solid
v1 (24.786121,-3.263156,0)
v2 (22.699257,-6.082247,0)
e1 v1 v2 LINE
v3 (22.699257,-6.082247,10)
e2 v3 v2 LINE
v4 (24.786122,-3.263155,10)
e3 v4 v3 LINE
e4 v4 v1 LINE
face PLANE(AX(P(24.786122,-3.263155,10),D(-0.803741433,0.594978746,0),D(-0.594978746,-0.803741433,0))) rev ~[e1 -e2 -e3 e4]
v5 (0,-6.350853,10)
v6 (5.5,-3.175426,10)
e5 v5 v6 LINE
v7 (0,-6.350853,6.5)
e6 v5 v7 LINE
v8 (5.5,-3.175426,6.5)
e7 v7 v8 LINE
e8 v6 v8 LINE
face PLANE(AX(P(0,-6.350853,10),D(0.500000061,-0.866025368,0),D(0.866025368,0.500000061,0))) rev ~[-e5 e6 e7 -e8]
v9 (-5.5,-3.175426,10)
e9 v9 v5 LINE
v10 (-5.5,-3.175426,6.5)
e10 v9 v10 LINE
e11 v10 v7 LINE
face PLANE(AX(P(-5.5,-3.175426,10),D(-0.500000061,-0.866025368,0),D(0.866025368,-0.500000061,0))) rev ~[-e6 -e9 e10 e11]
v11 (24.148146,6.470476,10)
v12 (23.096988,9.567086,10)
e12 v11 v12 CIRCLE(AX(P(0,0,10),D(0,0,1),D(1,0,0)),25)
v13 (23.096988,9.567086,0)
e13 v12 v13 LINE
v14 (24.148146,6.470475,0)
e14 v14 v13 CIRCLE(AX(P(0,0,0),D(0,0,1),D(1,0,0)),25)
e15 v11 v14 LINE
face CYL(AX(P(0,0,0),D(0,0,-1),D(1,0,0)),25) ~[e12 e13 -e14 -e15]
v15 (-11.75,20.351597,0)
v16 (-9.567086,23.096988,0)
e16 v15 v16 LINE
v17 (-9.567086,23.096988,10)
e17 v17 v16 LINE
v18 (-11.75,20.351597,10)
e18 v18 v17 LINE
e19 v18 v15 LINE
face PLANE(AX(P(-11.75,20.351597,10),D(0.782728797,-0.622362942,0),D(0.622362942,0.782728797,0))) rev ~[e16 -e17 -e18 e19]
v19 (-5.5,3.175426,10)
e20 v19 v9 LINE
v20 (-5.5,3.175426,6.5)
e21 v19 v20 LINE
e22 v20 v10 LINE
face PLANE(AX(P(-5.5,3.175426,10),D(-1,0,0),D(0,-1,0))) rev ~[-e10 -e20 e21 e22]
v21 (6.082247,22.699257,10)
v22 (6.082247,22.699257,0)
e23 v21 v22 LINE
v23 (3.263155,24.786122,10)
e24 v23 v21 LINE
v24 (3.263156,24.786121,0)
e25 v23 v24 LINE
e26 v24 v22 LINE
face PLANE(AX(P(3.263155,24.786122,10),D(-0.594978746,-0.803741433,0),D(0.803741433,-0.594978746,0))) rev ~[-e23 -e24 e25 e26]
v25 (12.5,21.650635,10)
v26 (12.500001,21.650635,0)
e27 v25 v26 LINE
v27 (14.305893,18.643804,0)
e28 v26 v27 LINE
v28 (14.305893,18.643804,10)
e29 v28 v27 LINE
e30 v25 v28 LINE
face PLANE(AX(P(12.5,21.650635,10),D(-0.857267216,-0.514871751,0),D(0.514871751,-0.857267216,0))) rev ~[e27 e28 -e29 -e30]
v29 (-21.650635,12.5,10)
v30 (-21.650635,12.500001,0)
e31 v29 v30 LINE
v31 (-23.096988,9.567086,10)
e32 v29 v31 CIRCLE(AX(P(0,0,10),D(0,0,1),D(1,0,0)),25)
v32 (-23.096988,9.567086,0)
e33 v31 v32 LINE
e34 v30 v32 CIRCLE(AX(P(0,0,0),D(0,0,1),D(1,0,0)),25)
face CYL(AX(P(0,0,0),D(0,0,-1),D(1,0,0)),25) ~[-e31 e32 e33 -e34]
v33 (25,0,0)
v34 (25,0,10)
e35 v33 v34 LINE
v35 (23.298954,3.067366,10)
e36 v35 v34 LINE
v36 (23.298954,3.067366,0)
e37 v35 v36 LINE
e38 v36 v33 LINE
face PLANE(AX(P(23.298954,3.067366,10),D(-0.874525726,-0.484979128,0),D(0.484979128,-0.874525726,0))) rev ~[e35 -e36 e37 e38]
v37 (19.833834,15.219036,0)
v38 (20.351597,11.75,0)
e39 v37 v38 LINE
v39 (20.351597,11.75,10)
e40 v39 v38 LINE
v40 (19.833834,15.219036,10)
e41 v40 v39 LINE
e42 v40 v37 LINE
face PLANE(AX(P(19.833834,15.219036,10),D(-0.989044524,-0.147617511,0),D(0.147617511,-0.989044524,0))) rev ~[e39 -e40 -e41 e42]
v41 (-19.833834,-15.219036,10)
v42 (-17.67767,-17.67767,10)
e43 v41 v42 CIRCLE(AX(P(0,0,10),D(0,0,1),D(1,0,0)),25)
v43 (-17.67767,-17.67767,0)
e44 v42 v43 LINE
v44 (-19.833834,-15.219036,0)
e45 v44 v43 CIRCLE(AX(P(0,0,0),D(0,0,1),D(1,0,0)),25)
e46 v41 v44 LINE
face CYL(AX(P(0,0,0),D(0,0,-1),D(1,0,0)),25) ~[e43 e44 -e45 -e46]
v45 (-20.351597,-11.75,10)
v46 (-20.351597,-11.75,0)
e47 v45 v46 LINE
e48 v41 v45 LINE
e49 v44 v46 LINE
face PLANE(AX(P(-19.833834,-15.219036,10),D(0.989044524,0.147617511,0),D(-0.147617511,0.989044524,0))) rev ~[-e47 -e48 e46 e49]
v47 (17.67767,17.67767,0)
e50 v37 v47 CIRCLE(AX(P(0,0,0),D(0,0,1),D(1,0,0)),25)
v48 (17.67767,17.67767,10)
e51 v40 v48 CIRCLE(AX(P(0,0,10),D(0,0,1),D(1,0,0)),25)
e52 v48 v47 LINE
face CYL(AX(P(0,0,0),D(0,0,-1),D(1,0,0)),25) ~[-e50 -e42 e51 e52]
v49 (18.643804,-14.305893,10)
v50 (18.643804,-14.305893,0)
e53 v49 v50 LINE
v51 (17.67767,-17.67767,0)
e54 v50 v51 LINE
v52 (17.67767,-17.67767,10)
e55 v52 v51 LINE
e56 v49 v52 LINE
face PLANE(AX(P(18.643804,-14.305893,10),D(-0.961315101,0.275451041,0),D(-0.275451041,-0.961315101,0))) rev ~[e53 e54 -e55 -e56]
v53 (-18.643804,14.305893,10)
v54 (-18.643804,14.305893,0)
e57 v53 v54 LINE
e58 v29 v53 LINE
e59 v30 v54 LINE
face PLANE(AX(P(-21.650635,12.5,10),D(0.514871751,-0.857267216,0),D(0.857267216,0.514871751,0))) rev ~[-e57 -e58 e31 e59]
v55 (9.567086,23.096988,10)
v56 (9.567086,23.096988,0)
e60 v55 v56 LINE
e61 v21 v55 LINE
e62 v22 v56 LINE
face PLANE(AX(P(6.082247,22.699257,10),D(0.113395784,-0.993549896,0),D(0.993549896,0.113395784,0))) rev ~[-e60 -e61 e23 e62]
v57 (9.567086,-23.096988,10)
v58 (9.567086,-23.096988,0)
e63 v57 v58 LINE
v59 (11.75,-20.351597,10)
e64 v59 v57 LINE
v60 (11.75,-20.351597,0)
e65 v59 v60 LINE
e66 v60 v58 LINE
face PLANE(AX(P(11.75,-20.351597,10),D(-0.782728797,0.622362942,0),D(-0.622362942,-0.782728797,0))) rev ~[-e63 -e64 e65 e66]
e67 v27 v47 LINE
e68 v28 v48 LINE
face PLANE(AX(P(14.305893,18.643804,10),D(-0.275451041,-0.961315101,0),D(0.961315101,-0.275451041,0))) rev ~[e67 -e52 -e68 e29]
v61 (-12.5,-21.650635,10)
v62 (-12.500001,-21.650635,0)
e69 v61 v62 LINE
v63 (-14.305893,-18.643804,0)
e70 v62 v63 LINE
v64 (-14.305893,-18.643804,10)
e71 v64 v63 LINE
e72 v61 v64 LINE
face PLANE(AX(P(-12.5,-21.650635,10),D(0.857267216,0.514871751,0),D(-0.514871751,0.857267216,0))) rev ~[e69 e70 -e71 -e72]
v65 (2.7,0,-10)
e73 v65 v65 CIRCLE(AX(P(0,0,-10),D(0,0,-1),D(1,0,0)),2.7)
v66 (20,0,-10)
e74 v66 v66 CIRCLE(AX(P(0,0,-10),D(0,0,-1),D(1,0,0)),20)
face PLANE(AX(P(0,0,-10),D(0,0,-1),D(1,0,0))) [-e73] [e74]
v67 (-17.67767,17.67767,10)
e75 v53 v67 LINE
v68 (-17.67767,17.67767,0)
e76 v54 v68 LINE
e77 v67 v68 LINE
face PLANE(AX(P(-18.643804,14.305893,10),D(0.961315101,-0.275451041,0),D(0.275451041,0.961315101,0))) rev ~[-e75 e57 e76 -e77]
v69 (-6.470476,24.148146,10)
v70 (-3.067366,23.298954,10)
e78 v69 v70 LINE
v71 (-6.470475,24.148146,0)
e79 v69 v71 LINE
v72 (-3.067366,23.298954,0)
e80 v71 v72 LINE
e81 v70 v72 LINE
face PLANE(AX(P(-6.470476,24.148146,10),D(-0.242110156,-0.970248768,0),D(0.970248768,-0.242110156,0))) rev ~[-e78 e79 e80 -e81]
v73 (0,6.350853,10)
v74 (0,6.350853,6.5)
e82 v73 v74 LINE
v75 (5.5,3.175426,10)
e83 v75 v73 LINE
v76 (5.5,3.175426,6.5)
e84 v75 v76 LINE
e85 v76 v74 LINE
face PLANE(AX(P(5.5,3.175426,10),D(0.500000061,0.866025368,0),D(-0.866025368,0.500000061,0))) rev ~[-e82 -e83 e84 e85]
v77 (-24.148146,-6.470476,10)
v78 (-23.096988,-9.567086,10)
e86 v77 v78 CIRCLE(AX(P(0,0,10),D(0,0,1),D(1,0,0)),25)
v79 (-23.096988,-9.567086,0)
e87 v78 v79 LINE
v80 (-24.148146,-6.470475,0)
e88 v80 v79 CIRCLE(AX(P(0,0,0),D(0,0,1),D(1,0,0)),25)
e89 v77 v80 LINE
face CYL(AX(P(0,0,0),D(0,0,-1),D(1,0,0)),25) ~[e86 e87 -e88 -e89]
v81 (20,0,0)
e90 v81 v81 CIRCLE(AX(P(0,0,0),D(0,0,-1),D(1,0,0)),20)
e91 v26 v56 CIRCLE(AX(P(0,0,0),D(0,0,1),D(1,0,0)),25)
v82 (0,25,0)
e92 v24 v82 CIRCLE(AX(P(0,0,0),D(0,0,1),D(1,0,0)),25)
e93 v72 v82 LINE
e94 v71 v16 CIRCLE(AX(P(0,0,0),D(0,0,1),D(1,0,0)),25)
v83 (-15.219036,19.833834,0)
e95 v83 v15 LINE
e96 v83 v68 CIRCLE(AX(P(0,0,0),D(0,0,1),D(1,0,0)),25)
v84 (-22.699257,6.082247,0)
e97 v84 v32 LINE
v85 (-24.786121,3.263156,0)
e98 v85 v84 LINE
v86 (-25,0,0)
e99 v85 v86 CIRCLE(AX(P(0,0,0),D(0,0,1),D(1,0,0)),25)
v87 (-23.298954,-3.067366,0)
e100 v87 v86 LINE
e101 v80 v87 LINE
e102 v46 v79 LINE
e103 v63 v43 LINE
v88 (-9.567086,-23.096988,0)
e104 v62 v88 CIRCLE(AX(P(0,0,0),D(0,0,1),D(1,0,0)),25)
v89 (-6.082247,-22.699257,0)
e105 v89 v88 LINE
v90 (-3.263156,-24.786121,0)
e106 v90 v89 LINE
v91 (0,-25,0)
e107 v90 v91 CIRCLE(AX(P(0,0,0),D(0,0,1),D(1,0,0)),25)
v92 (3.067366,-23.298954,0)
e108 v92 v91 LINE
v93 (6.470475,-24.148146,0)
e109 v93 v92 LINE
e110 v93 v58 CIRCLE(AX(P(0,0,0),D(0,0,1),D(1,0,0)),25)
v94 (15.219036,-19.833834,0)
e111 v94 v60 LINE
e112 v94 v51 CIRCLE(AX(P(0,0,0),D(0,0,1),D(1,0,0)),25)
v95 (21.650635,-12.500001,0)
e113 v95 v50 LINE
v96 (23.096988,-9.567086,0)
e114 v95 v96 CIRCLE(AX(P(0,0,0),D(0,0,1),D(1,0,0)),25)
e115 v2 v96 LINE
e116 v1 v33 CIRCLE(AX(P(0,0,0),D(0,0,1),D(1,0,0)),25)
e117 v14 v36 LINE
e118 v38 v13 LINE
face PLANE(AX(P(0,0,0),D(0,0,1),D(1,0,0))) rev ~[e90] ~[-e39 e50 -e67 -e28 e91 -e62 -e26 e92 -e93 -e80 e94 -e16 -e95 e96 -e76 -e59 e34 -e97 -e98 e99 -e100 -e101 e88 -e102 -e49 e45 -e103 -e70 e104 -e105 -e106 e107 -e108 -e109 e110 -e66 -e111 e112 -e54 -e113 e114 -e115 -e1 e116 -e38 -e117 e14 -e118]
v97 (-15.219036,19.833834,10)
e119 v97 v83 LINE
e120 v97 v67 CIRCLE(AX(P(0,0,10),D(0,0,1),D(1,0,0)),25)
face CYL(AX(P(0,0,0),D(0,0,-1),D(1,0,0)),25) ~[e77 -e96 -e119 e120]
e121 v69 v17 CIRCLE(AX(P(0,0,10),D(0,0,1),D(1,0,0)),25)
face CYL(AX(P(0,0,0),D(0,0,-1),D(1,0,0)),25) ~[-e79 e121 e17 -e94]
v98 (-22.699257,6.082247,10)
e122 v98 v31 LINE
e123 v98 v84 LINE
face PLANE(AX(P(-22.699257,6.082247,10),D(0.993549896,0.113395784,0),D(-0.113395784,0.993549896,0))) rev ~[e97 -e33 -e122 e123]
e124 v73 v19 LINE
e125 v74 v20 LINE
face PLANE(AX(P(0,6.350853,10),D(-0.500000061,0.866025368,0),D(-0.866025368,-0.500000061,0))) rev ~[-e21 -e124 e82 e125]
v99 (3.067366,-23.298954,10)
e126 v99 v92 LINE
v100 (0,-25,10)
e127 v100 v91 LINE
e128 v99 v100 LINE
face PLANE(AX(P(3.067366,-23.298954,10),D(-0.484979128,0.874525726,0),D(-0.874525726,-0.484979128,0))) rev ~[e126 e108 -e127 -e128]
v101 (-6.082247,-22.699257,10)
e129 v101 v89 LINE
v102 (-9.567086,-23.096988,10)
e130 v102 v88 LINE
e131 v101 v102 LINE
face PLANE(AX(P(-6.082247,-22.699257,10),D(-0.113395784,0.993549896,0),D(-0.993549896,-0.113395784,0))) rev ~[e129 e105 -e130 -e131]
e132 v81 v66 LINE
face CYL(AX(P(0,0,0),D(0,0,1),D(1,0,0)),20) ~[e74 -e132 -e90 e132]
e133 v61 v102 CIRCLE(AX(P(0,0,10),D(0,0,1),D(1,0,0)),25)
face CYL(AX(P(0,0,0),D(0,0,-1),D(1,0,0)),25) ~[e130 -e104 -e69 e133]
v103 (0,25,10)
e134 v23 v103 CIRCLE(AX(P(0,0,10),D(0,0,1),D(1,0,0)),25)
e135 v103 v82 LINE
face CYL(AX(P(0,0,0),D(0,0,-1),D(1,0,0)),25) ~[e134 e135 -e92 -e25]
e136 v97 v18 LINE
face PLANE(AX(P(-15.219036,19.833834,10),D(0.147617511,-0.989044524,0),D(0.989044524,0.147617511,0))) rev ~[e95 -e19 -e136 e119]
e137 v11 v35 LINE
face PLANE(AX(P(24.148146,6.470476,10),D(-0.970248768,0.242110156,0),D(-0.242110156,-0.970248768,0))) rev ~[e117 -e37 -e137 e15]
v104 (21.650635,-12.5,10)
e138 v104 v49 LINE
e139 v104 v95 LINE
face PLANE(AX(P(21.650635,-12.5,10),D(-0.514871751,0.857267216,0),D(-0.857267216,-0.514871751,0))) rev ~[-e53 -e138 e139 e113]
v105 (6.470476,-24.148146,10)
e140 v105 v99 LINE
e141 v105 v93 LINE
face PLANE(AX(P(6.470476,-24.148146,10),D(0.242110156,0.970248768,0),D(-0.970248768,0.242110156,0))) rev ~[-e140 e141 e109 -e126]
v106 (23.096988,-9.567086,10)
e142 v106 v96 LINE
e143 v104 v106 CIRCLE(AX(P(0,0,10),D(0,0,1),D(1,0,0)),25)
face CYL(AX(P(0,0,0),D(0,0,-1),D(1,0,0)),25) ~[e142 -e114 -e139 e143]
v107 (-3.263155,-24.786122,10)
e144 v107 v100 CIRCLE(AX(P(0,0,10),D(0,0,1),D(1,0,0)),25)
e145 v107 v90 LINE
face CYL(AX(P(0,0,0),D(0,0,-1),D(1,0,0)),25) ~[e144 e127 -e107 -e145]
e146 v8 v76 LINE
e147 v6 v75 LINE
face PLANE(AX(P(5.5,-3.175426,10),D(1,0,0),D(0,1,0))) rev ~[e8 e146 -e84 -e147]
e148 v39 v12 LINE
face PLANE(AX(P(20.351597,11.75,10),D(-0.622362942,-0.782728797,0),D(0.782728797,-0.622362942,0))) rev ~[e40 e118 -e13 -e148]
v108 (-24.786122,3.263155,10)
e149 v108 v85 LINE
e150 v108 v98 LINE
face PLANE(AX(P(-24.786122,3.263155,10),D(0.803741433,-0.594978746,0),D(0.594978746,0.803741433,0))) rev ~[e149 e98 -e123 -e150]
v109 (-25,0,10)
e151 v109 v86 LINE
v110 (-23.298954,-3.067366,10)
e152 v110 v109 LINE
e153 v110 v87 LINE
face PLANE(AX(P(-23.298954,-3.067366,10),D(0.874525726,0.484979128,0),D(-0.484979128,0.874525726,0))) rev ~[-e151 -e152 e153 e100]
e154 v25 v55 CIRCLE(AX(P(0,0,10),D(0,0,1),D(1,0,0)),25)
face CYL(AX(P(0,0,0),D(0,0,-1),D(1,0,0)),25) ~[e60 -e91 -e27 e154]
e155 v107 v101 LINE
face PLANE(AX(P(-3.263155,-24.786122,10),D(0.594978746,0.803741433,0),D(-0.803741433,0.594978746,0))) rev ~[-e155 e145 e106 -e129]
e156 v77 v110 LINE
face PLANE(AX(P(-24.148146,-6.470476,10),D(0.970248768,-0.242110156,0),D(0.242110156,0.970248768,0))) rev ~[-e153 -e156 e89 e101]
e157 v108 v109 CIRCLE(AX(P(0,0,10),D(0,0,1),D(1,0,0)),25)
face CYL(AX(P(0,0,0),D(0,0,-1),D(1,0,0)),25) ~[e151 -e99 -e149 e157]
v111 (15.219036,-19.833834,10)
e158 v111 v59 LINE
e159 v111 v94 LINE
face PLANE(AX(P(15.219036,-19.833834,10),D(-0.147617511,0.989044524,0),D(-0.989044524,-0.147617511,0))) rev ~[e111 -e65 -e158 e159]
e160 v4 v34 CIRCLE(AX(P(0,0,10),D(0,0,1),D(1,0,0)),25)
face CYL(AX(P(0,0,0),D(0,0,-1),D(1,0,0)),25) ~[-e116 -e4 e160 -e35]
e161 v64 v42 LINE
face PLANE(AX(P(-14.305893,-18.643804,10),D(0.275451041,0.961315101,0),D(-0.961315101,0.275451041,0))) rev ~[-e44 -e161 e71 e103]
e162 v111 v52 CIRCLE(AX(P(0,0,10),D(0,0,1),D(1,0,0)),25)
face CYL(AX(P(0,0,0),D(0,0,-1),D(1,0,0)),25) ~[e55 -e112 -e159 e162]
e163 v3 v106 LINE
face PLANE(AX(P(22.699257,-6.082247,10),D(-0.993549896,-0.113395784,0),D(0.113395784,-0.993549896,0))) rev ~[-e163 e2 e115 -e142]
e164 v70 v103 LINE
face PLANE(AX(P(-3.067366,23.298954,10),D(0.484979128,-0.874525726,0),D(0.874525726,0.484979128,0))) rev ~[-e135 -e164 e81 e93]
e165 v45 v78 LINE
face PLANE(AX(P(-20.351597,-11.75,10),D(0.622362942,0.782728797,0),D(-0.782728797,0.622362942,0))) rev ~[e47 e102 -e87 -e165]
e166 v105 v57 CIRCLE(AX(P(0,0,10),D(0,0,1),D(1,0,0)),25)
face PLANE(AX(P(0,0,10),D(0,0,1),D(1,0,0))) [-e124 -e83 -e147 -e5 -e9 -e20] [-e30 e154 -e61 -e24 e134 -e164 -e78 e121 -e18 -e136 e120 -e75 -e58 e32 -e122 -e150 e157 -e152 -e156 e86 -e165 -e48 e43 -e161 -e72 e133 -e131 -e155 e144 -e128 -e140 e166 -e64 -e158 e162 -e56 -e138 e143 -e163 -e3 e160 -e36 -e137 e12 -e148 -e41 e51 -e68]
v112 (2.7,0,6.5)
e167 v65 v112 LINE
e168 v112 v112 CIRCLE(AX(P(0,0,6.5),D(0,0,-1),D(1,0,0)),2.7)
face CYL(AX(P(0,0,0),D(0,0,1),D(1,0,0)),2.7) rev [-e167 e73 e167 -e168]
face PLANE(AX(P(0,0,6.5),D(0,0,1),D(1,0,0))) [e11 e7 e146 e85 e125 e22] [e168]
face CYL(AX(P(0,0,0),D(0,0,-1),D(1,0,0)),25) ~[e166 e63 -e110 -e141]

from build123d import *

# Parameters (mm, degrees)
SKETCH_R           = 25
SKETCH_R_2         = 2.7
PAD_DEPTH          = 10
POCKET_DEPTH       = 3.5
POCKET001_DEPTH    = 152.829569
POLARPATTERN_COUNT = 16
SKETCH003_R        = 20
SKETCH003_R_2      = 2.7
PAD001_DEPTH       = 10


with BuildPart() as part:
    # Sketch → Pad (new body)
    with BuildSketch(Plane.XY):
        Circle(SKETCH_R)
        Circle(SKETCH_R_2, mode=Mode.SUBTRACT)
    extrude(amount=PAD_DEPTH)

    # Sketch001 (on DatumPlane) → Pocket (cut)
    with BuildSketch(Plane.XY.offset(10)):
        Polygon((5.5, -3.175426), (5.5, 3.175426), (0, 6.350853), (-5.5, 3.175426), (-5.5, -3.175426), (0, -6.350853), align=None)
    extrude(amount=-POCKET_DEPTH, mode=Mode.SUBTRACT)

    # Sketch002 (on DatumPlane) → Pocket001 (cut, through all)
    with BuildSketch(Plane.XY.offset(10)):
        with BuildLine():
            Line((24.148146, 6.470476), (23.298954, 3.067366))
            Line((23.298954, 3.067366), (25, 0))
            ThreePointArc((25, 0), (26.776409, 3.525181), (24.148146, 6.470476))
        make_face()
    pocket001 = extrude(amount=-POCKET001_DEPTH, mode=Mode.SUBTRACT)

    # PolarPattern: Pocket001 ×16 about axis
    polarpattern_axis = Axis((0, 0, 10), (0, 0, 1))
    for i in range(1, POLARPATTERN_COUNT):
        add(pocket001.rotate(polarpattern_axis, i * 360 / POLARPATTERN_COUNT), mode=Mode.SUBTRACT)

    # Sketch003 (on Face5 of PolarPattern) → Pad001 (join)
    with BuildSketch(Plane(origin=(0, 0, 0), x_dir=(1, 0, 0), z_dir=(0, 0, -1))):
        Circle(SKETCH003_R)
        Circle(SKETCH003_R_2, mode=Mode.SUBTRACT)
    extrude(amount=PAD001_DEPTH)


solid = part.part
